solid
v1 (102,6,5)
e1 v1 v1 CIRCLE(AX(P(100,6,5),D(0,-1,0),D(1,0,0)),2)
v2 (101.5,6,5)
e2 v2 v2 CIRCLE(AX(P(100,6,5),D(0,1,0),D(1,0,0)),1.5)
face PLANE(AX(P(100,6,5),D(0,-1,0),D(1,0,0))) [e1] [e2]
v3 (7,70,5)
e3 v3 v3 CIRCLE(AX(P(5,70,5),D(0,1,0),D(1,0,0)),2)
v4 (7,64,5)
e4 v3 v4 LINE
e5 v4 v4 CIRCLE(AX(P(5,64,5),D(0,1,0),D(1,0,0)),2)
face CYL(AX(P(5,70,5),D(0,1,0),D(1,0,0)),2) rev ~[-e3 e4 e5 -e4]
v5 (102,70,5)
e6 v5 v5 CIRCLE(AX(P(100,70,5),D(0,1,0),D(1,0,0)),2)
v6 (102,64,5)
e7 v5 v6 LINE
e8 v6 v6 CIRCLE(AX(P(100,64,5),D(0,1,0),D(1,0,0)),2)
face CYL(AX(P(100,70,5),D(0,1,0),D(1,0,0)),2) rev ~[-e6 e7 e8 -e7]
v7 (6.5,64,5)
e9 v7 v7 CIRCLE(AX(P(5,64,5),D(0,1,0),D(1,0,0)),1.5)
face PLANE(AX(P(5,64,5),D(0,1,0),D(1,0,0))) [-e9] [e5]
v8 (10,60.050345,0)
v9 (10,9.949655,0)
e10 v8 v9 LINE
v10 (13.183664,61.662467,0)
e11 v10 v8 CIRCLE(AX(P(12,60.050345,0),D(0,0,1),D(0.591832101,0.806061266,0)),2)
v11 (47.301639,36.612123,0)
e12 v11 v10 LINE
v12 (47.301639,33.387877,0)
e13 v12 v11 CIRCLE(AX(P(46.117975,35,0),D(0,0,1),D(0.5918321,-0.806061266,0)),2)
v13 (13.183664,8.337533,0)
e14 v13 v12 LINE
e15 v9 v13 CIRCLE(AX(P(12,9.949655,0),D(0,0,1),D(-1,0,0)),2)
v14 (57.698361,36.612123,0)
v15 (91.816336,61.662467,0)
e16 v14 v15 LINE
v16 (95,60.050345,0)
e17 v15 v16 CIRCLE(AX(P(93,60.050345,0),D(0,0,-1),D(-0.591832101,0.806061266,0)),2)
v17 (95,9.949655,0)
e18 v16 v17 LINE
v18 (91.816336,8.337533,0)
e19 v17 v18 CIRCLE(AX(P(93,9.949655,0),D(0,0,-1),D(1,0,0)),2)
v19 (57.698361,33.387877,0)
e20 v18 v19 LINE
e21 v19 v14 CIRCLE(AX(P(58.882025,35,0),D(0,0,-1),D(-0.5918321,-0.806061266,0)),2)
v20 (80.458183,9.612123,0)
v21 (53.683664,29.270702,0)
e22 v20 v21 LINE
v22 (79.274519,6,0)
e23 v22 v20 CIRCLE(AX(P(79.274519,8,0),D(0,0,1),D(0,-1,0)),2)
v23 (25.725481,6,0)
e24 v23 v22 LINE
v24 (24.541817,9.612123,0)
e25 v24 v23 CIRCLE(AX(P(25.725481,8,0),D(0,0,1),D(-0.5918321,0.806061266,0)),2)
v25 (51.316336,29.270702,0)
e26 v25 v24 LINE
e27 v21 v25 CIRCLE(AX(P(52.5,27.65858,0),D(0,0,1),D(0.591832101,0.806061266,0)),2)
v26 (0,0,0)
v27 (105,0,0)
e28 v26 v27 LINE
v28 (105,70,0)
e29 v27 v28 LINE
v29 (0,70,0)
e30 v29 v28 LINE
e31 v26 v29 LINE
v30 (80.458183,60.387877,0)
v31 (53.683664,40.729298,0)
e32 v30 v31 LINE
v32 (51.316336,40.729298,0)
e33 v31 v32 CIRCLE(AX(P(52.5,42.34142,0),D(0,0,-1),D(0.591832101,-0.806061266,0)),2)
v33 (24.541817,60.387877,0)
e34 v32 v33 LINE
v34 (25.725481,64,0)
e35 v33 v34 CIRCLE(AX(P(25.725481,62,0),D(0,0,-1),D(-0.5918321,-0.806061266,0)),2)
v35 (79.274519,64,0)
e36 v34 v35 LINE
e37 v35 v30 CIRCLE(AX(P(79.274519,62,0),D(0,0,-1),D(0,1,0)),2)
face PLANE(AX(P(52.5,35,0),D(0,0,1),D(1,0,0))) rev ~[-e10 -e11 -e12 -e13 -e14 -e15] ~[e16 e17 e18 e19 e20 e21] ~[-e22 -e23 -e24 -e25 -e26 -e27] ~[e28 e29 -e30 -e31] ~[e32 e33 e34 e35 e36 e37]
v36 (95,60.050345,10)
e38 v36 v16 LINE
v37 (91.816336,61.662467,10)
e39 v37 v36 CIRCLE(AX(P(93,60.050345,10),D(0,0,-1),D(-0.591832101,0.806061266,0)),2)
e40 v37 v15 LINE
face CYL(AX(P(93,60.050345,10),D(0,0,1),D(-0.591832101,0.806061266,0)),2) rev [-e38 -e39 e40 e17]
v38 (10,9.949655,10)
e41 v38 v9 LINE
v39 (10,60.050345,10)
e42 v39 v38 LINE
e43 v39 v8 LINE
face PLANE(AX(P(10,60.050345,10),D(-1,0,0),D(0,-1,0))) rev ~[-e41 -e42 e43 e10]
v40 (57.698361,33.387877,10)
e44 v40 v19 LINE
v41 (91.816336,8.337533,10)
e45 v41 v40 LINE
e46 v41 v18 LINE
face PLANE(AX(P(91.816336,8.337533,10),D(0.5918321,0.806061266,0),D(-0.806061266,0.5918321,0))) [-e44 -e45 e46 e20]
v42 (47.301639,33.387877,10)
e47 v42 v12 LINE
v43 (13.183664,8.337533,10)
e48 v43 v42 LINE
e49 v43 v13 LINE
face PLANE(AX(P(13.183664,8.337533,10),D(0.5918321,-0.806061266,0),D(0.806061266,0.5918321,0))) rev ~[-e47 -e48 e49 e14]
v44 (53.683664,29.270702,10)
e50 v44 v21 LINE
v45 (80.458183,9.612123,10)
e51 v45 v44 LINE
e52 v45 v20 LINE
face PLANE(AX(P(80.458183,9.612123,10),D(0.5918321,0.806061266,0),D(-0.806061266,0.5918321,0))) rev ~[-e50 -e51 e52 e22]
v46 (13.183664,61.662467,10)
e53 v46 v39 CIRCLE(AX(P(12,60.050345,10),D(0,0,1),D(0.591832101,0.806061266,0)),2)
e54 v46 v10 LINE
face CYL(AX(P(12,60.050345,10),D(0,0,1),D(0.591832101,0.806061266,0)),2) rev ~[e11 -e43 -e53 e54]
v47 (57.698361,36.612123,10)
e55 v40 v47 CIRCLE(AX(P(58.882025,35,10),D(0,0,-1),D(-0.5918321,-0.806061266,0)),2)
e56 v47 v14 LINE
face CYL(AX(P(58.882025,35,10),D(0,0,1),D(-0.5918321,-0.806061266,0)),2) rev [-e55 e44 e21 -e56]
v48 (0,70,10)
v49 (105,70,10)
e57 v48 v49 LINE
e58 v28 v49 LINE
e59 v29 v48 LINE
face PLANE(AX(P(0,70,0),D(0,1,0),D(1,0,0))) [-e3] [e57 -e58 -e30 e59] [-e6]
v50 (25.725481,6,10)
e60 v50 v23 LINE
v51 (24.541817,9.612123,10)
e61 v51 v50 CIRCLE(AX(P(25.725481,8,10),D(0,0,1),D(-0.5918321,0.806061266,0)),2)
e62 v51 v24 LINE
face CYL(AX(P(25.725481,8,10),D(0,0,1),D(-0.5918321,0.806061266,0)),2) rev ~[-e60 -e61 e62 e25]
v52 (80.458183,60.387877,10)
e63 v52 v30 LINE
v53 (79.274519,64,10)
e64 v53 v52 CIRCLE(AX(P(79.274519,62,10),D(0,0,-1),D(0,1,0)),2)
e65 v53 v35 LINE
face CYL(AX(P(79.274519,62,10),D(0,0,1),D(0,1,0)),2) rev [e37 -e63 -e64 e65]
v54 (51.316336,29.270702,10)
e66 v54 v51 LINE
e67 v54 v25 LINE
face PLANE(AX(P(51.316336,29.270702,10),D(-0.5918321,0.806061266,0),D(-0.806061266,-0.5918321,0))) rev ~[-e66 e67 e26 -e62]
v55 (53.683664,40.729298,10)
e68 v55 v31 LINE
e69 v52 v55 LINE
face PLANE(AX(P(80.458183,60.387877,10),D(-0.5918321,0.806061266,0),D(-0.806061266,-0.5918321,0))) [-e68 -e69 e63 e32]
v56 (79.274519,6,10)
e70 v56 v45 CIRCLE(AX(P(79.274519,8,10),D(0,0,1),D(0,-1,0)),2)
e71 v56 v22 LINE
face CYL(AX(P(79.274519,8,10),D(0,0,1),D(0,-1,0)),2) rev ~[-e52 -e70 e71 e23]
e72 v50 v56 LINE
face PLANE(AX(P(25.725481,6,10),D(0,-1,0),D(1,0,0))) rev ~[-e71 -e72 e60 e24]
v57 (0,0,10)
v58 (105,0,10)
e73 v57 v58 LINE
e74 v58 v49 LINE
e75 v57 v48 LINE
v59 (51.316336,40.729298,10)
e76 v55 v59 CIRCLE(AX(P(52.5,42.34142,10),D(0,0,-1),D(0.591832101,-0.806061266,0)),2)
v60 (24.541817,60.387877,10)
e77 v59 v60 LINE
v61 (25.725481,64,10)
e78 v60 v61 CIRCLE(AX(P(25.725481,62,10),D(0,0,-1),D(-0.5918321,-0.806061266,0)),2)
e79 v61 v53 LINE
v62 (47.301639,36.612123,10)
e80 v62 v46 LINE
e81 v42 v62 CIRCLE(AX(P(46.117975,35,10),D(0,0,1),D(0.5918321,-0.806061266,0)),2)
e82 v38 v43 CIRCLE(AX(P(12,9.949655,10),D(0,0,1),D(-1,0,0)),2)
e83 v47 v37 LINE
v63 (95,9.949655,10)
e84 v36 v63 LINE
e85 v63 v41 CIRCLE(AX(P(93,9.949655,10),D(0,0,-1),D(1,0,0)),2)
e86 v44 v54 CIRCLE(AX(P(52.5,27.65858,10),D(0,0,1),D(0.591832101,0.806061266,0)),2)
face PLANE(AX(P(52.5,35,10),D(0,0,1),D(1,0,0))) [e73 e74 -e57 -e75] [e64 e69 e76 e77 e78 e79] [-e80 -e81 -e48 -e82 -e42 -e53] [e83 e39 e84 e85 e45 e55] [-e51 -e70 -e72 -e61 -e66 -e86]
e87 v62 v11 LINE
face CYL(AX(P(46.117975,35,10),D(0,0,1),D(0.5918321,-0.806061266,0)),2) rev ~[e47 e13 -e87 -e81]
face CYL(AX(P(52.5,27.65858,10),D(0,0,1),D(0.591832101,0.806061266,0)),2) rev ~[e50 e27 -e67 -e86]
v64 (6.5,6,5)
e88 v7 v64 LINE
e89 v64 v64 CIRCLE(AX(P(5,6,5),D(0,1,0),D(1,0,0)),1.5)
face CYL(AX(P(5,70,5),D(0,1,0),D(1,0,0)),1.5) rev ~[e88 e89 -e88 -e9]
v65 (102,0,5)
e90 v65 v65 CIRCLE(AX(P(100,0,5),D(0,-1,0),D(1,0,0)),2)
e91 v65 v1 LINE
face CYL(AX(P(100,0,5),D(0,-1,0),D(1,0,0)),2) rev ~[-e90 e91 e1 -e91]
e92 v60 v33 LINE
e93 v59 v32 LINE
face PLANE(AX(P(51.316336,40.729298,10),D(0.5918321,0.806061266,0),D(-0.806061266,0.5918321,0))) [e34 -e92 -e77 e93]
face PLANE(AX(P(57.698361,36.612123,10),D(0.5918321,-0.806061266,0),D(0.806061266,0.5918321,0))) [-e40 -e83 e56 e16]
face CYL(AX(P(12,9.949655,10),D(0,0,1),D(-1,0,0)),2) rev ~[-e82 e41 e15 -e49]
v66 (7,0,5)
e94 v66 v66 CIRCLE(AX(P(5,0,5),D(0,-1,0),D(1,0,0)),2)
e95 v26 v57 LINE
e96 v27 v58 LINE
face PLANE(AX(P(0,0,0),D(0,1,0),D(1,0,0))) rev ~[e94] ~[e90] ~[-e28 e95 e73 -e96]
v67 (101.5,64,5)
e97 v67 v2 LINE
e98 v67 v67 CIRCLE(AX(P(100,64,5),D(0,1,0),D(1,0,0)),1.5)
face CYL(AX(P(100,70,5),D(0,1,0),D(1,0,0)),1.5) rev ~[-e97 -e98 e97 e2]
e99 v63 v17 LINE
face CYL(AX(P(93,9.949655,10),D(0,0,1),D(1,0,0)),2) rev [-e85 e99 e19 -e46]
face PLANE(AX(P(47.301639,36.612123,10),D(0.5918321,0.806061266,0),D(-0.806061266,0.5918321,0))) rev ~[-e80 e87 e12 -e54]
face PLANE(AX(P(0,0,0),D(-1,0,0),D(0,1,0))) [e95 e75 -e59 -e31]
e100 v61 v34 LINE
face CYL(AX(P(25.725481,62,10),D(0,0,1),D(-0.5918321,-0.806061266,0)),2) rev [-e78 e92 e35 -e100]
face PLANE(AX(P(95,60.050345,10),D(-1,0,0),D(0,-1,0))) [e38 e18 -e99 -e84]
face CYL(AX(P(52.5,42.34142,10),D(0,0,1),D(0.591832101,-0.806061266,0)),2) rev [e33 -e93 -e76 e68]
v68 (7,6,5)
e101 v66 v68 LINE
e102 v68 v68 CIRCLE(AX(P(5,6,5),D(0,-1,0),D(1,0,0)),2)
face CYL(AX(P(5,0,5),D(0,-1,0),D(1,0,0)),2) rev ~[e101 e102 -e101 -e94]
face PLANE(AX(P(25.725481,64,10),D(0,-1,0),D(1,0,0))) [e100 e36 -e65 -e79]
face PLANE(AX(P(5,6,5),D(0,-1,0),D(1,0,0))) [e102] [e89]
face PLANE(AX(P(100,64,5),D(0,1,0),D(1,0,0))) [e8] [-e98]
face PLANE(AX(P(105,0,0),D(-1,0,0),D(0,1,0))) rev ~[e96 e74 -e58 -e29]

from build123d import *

# Parameters (mm, degrees)
SKIZZE1_W                       = 105
SKIZZE1_H                       = 70
AUFSATZ_LINEAR_AUSTRAGEN1_DEPTH = 10
SCHNITT_LINEAR_AUSTRAGEN1_DEPTH = 10
SKIZZE3_R                       = 1.5
SCHNITT_LINEAR_AUSTRAGEN2_DEPTH = 71
SKIZZE4_R                       = 2
SCHNITT_LINEAR_AUSTRAGEN3_DEPTH = 6
SKIZZE5_R                       = 2
SCHNITT_LINEAR_AUSTRAGEN4_DEPTH = 6


with BuildPart() as part:
    # Skizze1 → Aufsatz-Linear austragen1 (new body)
    with BuildSketch(Plane.XY):
        with Locations((52.5, 35)):
            Rectangle(SKIZZE1_W, SKIZZE1_H)
    extrude(amount=AUFSATZ_LINEAR_AUSTRAGEN1_DEPTH)

    # Skizze2 → Schnitt-Linear austragen1 (cut)
    with BuildSketch(Plane.XY.offset(10)):
        with BuildLine():
            Line((10, 60.05034464), (10, 9.94965536))
            ThreePointArc((10, 9.94965536), (11.096486968, 8.165372815), (13.183664201, 8.337532828))
            Line((13.183664201, 8.337532828), (47.301638716, 33.387877468))
            ThreePointArc((47.301638716, 33.387877468), (48.117974515, 35), (47.301638716, 36.612122532))
            Line((47.301638716, 36.612122532), (13.183664201, 61.662467172))
            ThreePointArc((13.183664201, 61.662467172), (11.096486968, 61.834627185), (10, 60.05034464))
        make_face()
        with BuildLine():
            Line((51.316335799, 40.729297855), (24.54181721, 60.387877468))
            ThreePointArc((24.54181721, 60.387877468), (23.824922931, 62.622798095), (25.72548141, 64))
            Line((25.72548141, 64), (79.27451859, 64))
            ThreePointArc((79.27451859, 64), (81.175077069, 62.622798095), (80.45818279, 60.387877468))
            Line((80.45818279, 60.387877468), (53.683664201, 40.729297855))
            ThreePointArc((53.683664201, 40.729297855), (52.5, 40.341420387), (51.316335799, 40.729297855))
        make_face()
        with BuildLine():
            Line((25.72548141, 6), (79.27451859, 6))
            ThreePointArc((79.27451859, 6), (81.175077069, 7.377201905), (80.45818279, 9.612122532))
            Line((80.45818279, 9.612122532), (53.683664201, 29.270702145))
            ThreePointArc((53.683664201, 29.270702145), (52.5, 29.658579613), (51.316335799, 29.270702145))
            Line((51.316335799, 29.270702145), (24.54181721, 9.612122532))
            ThreePointArc((24.54181721, 9.612122532), (23.824922931, 7.377201905), (25.72548141, 6))
        make_face()
        with BuildLine():
            Line((95, 60.05034464), (95, 9.94965536))
            ThreePointArc((95, 9.94965536), (93.903513032, 8.165372815), (91.816335799, 8.337532828))
            Line((91.816335799, 8.337532828), (57.698361284, 33.387877468))
            ThreePointArc((57.698361284, 33.387877468), (56.882025485, 35), (57.698361284, 36.612122532))
            Line((57.698361284, 36.612122532), (91.816335799, 61.662467172))
            ThreePointArc((91.816335799, 61.662467172), (93.903513032, 61.834627185), (95, 60.05034464))
        make_face()
    extrude(amount=-SCHNITT_LINEAR_AUSTRAGEN1_DEPTH, mode=Mode.SUBTRACT)

    # Skizze3 → Schnitt-Linear austragen2 (cut, through all)
    with BuildSketch(Plane(origin=(0, 70, 0), x_dir=(1, 0, 0), z_dir=(0, 1, 0))):
        with Locations((5, -5)):
            Circle(SKIZZE3_R)
        with Locations((100, -5)):
            Circle(SKIZZE3_R)
    extrude(amount=-SCHNITT_LINEAR_AUSTRAGEN2_DEPTH, mode=Mode.SUBTRACT)

    # Skizze4 → Schnitt-Linear austragen3 (cut)
    with BuildSketch(Plane.XZ):
        with Locations((5, 5)):
            Circle(SKIZZE4_R)
        with Locations((100, 5)):
            Circle(SKIZZE4_R)
    extrude(amount=-SCHNITT_LINEAR_AUSTRAGEN3_DEPTH, mode=Mode.SUBTRACT)

    # Skizze5 → Schnitt-Linear austragen4 (cut)
    with BuildSketch(Plane(origin=(0, 70, 0), x_dir=(1, 0, 0), z_dir=(0, 1, 0))):
        with Locations((5, -5)):
            Circle(SKIZZE5_R)
        with Locations((100, -5)):
            Circle(SKIZZE5_R)
    extrude(amount=-SCHNITT_LINEAR_AUSTRAGEN4_DEPTH, mode=Mode.SUBTRACT)


solid = part.part
